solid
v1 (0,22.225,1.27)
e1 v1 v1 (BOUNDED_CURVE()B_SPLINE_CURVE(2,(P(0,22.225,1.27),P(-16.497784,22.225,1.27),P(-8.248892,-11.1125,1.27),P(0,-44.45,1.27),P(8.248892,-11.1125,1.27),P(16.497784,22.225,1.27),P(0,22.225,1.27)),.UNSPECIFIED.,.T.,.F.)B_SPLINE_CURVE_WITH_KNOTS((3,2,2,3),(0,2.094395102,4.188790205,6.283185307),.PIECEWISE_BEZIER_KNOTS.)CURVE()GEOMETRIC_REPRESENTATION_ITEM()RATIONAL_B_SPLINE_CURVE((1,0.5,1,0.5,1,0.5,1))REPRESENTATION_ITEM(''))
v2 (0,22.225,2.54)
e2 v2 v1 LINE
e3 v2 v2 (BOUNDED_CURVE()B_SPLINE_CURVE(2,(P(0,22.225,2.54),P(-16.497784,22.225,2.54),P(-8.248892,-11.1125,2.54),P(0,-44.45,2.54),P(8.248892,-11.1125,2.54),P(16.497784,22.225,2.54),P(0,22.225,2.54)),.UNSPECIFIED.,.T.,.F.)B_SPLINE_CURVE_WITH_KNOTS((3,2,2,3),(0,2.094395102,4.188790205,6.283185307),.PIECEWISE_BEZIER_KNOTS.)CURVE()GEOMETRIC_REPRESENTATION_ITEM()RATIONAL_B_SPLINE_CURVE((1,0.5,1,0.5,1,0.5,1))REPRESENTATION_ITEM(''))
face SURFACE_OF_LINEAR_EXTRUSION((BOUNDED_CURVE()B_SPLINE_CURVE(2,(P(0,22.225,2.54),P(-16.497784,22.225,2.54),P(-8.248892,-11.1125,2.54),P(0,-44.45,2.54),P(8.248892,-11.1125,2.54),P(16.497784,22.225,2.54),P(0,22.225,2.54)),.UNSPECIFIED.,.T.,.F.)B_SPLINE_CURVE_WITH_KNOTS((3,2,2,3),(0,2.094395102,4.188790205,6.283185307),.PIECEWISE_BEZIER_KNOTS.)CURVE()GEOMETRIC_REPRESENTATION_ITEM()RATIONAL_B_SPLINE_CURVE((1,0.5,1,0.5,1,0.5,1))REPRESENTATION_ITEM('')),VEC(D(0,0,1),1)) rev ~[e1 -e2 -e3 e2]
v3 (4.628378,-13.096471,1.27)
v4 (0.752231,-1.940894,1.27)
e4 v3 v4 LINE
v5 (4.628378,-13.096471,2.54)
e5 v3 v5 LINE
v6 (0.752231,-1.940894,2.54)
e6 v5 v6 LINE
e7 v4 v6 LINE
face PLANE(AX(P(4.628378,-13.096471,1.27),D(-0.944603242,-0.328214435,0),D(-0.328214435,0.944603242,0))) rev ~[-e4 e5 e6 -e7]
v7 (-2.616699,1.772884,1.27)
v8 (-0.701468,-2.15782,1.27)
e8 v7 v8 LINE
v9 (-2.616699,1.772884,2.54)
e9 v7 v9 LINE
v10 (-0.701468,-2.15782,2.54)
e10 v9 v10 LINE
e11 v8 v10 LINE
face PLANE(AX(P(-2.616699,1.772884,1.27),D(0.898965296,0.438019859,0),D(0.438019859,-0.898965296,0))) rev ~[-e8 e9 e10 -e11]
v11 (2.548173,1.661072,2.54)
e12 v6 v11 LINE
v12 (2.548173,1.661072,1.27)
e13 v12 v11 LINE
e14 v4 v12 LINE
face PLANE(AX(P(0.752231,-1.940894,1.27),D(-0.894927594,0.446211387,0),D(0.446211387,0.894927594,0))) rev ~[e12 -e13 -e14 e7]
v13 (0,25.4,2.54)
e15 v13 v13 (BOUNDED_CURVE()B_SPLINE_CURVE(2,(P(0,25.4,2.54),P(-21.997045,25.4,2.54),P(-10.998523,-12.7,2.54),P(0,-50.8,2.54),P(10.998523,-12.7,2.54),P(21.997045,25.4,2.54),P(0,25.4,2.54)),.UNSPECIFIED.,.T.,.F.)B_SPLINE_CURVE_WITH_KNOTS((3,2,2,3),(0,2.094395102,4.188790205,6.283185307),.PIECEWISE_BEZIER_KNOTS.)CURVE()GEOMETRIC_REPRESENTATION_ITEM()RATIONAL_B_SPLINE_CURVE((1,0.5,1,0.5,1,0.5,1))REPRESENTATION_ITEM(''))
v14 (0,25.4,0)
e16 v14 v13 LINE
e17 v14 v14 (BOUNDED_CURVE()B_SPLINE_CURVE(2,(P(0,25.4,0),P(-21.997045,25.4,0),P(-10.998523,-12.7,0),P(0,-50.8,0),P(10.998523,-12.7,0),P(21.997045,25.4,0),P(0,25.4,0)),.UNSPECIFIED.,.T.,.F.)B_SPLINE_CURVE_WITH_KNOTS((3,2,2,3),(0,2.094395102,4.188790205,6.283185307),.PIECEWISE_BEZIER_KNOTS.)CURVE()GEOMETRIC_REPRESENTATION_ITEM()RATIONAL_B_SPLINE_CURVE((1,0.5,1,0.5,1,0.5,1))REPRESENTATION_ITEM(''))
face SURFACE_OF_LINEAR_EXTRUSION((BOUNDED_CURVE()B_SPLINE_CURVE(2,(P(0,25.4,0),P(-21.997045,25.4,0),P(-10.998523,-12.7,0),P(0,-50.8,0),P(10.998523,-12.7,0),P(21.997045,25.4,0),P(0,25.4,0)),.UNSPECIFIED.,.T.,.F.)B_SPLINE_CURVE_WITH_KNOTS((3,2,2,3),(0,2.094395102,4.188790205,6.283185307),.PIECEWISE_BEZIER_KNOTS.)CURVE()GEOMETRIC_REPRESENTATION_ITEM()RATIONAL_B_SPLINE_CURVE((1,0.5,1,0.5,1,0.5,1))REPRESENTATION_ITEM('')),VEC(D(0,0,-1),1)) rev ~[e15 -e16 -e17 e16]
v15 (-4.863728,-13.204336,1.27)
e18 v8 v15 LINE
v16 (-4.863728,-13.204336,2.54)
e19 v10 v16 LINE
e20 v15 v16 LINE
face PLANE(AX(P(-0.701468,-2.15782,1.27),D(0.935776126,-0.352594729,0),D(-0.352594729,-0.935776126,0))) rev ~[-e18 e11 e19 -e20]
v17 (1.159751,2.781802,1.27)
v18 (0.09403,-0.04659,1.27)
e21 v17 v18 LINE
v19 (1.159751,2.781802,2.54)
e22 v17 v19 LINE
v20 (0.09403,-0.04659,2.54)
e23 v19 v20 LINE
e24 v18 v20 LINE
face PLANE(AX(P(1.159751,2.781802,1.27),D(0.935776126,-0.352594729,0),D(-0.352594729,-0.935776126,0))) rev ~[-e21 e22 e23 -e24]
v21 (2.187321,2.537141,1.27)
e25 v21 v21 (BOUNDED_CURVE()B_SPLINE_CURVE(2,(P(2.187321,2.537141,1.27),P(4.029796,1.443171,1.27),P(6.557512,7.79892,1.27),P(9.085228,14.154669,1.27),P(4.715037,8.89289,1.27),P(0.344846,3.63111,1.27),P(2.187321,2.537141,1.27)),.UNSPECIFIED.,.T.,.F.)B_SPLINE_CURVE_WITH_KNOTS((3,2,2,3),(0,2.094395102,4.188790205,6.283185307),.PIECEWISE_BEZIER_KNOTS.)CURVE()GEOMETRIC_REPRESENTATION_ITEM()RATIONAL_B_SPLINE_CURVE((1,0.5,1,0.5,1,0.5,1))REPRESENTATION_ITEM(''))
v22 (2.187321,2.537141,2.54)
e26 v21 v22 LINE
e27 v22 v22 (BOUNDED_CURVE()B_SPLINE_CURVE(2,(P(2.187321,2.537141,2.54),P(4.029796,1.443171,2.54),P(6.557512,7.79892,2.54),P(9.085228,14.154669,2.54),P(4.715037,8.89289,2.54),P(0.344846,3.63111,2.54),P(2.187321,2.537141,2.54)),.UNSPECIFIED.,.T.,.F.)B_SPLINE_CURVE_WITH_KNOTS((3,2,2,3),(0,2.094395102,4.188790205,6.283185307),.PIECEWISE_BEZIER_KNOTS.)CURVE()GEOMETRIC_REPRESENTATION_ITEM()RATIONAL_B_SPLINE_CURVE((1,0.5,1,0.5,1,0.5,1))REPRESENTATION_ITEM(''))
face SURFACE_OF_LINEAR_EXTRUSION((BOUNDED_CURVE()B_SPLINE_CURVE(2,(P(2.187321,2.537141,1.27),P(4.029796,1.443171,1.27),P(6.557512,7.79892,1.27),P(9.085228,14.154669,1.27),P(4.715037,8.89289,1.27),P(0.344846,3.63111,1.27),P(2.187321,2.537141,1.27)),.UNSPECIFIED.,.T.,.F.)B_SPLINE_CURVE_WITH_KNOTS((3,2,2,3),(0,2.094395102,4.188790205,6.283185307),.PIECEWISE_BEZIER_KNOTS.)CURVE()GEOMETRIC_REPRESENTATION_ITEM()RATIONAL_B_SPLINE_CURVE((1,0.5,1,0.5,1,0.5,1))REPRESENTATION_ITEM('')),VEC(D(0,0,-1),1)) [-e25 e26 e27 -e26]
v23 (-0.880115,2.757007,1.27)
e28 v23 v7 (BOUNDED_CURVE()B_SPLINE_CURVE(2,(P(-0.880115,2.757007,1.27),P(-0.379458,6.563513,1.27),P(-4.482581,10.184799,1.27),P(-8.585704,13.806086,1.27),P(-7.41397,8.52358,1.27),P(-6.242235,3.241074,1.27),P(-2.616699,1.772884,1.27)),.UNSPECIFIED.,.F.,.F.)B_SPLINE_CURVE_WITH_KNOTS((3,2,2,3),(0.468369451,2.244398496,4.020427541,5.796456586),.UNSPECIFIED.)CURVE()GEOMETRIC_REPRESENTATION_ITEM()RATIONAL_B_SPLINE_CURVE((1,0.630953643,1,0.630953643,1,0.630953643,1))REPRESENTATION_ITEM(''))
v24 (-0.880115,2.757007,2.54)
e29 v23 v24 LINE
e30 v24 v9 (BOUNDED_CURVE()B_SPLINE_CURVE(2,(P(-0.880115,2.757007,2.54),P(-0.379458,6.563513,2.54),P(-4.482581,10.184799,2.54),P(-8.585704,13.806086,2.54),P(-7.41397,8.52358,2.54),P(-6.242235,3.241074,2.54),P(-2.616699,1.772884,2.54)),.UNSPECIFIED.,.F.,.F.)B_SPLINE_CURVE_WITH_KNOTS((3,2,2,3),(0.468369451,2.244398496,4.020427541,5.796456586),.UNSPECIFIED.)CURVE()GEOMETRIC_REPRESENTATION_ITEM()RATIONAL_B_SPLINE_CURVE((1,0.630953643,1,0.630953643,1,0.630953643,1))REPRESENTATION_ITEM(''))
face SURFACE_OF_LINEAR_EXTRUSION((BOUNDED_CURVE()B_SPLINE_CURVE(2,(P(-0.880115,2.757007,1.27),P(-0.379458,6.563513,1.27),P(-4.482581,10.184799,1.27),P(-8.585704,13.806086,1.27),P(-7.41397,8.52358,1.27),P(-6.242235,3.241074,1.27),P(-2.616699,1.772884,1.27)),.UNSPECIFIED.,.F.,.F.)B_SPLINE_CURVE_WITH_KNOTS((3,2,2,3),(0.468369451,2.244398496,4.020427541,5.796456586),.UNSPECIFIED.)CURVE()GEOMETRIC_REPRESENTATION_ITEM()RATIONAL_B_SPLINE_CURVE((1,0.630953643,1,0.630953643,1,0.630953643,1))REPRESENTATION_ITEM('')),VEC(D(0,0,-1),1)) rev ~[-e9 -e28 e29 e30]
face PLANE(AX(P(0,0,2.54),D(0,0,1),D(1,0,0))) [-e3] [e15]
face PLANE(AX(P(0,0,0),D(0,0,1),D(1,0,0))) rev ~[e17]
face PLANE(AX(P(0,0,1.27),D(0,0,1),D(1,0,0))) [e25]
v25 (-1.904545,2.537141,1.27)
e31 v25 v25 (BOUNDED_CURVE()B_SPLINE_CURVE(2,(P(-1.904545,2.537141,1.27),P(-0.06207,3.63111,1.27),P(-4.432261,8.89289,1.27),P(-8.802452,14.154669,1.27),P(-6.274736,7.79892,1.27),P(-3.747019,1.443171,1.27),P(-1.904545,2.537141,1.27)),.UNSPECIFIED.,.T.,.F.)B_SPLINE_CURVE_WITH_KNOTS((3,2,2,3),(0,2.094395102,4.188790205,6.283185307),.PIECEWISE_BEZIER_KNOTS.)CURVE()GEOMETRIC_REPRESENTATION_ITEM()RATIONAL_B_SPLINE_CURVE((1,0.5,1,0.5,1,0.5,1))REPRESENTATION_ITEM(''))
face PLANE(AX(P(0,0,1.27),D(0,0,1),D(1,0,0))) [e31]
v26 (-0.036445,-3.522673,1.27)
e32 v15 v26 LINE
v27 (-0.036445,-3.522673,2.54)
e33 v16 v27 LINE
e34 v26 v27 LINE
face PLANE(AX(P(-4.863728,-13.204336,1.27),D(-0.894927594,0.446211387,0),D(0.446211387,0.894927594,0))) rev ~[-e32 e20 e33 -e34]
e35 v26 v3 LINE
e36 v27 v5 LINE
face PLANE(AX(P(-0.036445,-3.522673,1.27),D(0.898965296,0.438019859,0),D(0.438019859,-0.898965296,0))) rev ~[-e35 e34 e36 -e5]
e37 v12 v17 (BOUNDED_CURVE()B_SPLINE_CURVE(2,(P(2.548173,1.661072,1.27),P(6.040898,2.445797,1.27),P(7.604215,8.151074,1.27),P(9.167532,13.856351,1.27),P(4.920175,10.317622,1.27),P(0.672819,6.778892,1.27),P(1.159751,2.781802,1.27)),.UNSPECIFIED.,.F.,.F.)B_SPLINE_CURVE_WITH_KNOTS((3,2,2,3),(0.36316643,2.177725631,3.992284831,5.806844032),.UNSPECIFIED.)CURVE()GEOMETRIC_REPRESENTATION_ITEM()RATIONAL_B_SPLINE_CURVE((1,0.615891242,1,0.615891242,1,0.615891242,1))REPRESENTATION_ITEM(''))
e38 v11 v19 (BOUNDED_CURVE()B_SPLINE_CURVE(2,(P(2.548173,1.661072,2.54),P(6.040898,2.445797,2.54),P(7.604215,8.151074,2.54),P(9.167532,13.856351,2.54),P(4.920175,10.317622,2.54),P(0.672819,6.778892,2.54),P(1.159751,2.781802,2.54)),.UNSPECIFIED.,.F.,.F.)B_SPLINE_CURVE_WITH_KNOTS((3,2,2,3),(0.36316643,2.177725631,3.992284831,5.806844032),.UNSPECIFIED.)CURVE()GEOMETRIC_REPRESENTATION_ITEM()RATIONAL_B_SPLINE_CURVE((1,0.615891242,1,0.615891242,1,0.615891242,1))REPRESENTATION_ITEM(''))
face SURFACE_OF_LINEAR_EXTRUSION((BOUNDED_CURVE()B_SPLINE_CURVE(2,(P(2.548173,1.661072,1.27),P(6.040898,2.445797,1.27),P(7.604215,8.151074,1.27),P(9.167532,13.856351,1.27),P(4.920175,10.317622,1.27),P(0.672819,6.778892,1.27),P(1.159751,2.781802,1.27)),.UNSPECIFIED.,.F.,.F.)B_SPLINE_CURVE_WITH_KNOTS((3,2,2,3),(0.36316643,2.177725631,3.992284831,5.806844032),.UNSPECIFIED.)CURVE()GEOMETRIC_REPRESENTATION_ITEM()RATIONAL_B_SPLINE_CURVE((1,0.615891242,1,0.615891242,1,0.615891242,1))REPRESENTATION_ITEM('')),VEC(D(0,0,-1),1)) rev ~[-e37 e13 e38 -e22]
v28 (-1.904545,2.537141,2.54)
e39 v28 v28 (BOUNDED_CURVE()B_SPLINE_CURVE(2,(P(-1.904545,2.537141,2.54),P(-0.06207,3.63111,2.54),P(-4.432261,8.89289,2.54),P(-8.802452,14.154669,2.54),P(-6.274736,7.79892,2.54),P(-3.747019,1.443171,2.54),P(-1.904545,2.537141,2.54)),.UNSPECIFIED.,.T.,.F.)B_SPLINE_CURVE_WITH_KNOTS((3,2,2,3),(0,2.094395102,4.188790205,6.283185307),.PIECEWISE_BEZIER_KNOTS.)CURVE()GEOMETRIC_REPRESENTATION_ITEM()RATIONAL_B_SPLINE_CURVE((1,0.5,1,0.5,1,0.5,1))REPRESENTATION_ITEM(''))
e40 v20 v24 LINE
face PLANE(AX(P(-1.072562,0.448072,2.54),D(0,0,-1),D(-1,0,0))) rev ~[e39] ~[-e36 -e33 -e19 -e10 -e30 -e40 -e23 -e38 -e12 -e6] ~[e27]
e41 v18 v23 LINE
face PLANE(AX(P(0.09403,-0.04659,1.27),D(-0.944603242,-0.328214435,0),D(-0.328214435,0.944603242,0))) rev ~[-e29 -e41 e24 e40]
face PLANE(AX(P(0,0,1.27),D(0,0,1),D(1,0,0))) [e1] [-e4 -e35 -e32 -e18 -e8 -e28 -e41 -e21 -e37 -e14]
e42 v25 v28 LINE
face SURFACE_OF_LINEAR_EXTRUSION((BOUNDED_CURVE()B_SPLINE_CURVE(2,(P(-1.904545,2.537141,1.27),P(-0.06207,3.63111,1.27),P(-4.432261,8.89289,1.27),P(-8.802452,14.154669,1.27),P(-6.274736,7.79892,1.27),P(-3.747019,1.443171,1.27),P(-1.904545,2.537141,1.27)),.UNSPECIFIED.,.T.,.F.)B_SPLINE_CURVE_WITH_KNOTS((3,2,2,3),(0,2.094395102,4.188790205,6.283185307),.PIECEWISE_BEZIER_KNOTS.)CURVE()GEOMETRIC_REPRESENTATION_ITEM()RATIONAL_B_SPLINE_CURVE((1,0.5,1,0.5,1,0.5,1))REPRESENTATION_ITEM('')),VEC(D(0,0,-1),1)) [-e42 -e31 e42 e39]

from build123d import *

# Parameters (mm, degrees)
F1_DEPTH = 2.54
F3_DEPTH = 1.27
F5_DEPTH = 1.27


with BuildPart() as f1:
    # F0 (on Top) → F1 (new body)
    with BuildSketch(Plane.XY):
        with BuildLine():
            add(Edge.make_bspline(
                [(0, 25.4), (-21.9970452561, 25.4), (-10.9985226281, -12.7), (0, -50.8), (10.9985226281, -12.7), (21.9970452561, 25.4), (0, 25.4)],
                knots=[0, 0, 0, 2.0943951024, 2.0943951024, 4.1887902048, 4.1887902048, 6.2831853072, 6.2831853072, 6.2831853072], degree=2, weights=[1, 0.5, 1, 0.5, 1, 0.5, 1]))
        make_face()
    extrude(amount=F1_DEPTH)

    # F2 (on face) → F3 (cut)
    with BuildSketch(Plane.XY.offset(2.54)):
        with BuildLine():
            add(Edge.make_bspline(
                [(0, 22.225), (-16.4977839421, 22.225), (-8.248891971, -11.1125), (0, -44.45), (8.248891971, -11.1125), (16.4977839421, 22.225), (0, 22.225)],
                knots=[0, 0, 0, 2.0943951024, 2.0943951024, 4.1887902048, 4.1887902048, 6.2831853072, 6.2831853072, 6.2831853072], degree=2, weights=[1, 0.5, 1, 0.5, 1, 0.5, 1]))
        make_face()
    extrude(amount=-F3_DEPTH, mode=Mode.SUBTRACT)

    # F4 (on face) → F5 (join)
    with BuildSketch(Plane.XY.offset(1.27)):
        with BuildLine():
            add(Edge.make_bspline(
                [(-2.6166992996, 1.7728842483), (-1.8846172421, 1.4764217718), (-1.4218727238, 1.7528665292)],
                knots=[5.7964565865, 5.7964565865, 5.7964565865, 6.2831853072, 6.2831853072, 6.2831853072], degree=2, weights=[1, 0.9705327618, 1]))
            Line((-2.6166992996, 1.7728842483), (-0.701467986, -2.1578199175))
            Line((-0.701467986, -2.1578199175), (0.0940304651, -0.04659023))
            Line((0.0940304651, -0.04659023), (-0.8801152187, 2.7570072737))
            add(Edge.make_bspline(
                [(-1.4218727238, 1.7528665292), (-0.9772507181, 2.0184848512), (-0.8801152187, 2.7570072737)],
                knots=[0, 0, 0, 0.4683694508, 0.4683694508, 0.4683694508], degree=2, weights=[1, 0.9727038491, 1]))
        make_face()
        with BuildLine():
            add(Edge.make_bspline(
                [(-0.8801152187, 2.7570072737), (-0.3794576598, 6.5635129873), (-4.4825810219, 10.1847993346), (-8.5857043839, 13.8060856819), (-7.4139698921, 8.5235798663), (-6.2422354002, 3.2410740507), (-2.6166992996, 1.7728842483)],
                knots=[0.4683694508, 0.4683694508, 0.4683694508, 2.244398496, 2.244398496, 4.0204275413, 4.0204275413, 5.7964565865, 5.7964565865, 5.7964565865], degree=2, weights=[1, 0.6309536433, 1, 0.6309536433, 1, 0.6309536433, 1]))
            add(Edge.make_bspline(
                [(-2.6166992996, 1.7728842483), (-1.8846172421, 1.4764217718), (-1.4218727238, 1.7528665292)],
                knots=[5.7964565865, 5.7964565865, 5.7964565865, 6.2831853072, 6.2831853072, 6.2831853072], degree=2, weights=[1, 0.9705327618, 1]))
            add(Edge.make_bspline(
                [(-1.4218727238, 1.7528665292), (-0.9772507181, 2.0184848512), (-0.8801152187, 2.7570072737)],
                knots=[0, 0, 0, 0.4683694508, 0.4683694508, 0.4683694508], degree=2, weights=[1, 0.9727038491, 1]))
        make_face()
        with BuildLine():
            add(Edge.make_bspline(
                [(-1.9045446386, 2.5371405266), (-0.0620698078, 3.6311099228), (-4.4322609589, 8.8928895949), (-8.8024521099, 14.1546692669), (-6.2747357897, 7.7989201987), (-3.7470194695, 1.4431711304), (-1.9045446386, 2.5371405266)],
                knots=[0, 0, 0, 2.0943951024, 2.0943951024, 4.1887902048, 4.1887902048, 6.2831853072, 6.2831853072, 6.2831853072], degree=2, weights=[1, 0.5, 1, 0.5, 1, 0.5, 1]))
        make_face(mode=Mode.SUBTRACT)
        Polygon((0.0940304651, -0.04659023), (-0.701467986, -2.1578199175), (-0.0364450497, -3.5226725113), (0.752230505, -1.940894151), align=None)
        Polygon((-0.0364450497, -3.5226725113), (-0.701467986, -2.1578199175), (-4.8637278378, -13.2043361664), align=None)
        Polygon((0.752230505, -1.940894151), (-0.0364450497, -3.5226725113), (4.6283779666, -13.0964713171), align=None)
        with BuildLine():
            Line((1.1597512568, 2.7818016679), (0.0940304651, -0.04659023))
            Line((0.0940304651, -0.04659023), (0.752230505, -1.940894151))
            Line((0.752230505, -1.940894151), (2.5481730256, 1.6610724607))
            add(Edge.make_bspline(
                [(1.7046490131, 1.7528665292), (2.0468458244, 1.5484372799), (2.5481730256, 1.6610724607)],
                knots=[0, 0, 0, 0.3631664302, 0.3631664302, 0.3631664302], degree=2, weights=[1, 0.9835590176, 1]))
            add(Edge.make_bspline(
                [(1.1597512568, 2.7818016679), (1.2521679245, 2.0231798874), (1.7046490131, 1.7528665292)],
                knots=[5.8068440318, 5.8068440318, 5.8068440318, 6.2831853072, 6.2831853072, 6.2831853072], degree=2, weights=[1, 0.9717711935, 1]))
        make_face()
        with BuildLine():
            add(Edge.make_bspline(
                [(2.5481730256, 1.6610724607), (6.0408979867, 2.4457969012), (7.6042149535, 8.1510741315), (9.1675319203, 13.8563513619), (4.9201752335, 10.3176216282), (0.6728185468, 6.7788918945), (1.1597512568, 2.7818016679)],
                knots=[0.3631664302, 0.3631664302, 0.3631664302, 2.1777256307, 2.1777256307, 3.9922848312, 3.9922848312, 5.8068440318, 5.8068440318, 5.8068440318], degree=2, weights=[1, 0.6158912416, 1, 0.6158912416, 1, 0.6158912416, 1]))
            add(Edge.make_bspline(
                [(1.1597512568, 2.7818016679), (1.2521679245, 2.0231798874), (1.7046490131, 1.7528665292)],
                knots=[5.8068440318, 5.8068440318, 5.8068440318, 6.2831853072, 6.2831853072, 6.2831853072], degree=2, weights=[1, 0.9717711935, 1]))
            add(Edge.make_bspline(
                [(1.7046490131, 1.7528665292), (2.0468458244, 1.5484372799), (2.5481730256, 1.6610724607)],
                knots=[0, 0, 0, 0.3631664302, 0.3631664302, 0.3631664302], degree=2, weights=[1, 0.9835590176, 1]))
        make_face()
        with BuildLine():
            add(Edge.make_bspline(
                [(2.187320928, 2.5371405266), (4.0297957588, 1.4431711304), (6.5575120791, 7.7989201987), (9.0852283993, 14.1546692669), (4.7150372482, 8.8928895949), (0.3448460972, 3.6311099228), (2.187320928, 2.5371405266)],
                knots=[0, 0, 0, 2.0943951024, 2.0943951024, 4.1887902048, 4.1887902048, 6.2831853072, 6.2831853072, 6.2831853072], degree=2, weights=[1, 0.5, 1, 0.5, 1, 0.5, 1]))
        make_face(mode=Mode.SUBTRACT)
    extrude(amount=F5_DEPTH)


solid = f1.part
